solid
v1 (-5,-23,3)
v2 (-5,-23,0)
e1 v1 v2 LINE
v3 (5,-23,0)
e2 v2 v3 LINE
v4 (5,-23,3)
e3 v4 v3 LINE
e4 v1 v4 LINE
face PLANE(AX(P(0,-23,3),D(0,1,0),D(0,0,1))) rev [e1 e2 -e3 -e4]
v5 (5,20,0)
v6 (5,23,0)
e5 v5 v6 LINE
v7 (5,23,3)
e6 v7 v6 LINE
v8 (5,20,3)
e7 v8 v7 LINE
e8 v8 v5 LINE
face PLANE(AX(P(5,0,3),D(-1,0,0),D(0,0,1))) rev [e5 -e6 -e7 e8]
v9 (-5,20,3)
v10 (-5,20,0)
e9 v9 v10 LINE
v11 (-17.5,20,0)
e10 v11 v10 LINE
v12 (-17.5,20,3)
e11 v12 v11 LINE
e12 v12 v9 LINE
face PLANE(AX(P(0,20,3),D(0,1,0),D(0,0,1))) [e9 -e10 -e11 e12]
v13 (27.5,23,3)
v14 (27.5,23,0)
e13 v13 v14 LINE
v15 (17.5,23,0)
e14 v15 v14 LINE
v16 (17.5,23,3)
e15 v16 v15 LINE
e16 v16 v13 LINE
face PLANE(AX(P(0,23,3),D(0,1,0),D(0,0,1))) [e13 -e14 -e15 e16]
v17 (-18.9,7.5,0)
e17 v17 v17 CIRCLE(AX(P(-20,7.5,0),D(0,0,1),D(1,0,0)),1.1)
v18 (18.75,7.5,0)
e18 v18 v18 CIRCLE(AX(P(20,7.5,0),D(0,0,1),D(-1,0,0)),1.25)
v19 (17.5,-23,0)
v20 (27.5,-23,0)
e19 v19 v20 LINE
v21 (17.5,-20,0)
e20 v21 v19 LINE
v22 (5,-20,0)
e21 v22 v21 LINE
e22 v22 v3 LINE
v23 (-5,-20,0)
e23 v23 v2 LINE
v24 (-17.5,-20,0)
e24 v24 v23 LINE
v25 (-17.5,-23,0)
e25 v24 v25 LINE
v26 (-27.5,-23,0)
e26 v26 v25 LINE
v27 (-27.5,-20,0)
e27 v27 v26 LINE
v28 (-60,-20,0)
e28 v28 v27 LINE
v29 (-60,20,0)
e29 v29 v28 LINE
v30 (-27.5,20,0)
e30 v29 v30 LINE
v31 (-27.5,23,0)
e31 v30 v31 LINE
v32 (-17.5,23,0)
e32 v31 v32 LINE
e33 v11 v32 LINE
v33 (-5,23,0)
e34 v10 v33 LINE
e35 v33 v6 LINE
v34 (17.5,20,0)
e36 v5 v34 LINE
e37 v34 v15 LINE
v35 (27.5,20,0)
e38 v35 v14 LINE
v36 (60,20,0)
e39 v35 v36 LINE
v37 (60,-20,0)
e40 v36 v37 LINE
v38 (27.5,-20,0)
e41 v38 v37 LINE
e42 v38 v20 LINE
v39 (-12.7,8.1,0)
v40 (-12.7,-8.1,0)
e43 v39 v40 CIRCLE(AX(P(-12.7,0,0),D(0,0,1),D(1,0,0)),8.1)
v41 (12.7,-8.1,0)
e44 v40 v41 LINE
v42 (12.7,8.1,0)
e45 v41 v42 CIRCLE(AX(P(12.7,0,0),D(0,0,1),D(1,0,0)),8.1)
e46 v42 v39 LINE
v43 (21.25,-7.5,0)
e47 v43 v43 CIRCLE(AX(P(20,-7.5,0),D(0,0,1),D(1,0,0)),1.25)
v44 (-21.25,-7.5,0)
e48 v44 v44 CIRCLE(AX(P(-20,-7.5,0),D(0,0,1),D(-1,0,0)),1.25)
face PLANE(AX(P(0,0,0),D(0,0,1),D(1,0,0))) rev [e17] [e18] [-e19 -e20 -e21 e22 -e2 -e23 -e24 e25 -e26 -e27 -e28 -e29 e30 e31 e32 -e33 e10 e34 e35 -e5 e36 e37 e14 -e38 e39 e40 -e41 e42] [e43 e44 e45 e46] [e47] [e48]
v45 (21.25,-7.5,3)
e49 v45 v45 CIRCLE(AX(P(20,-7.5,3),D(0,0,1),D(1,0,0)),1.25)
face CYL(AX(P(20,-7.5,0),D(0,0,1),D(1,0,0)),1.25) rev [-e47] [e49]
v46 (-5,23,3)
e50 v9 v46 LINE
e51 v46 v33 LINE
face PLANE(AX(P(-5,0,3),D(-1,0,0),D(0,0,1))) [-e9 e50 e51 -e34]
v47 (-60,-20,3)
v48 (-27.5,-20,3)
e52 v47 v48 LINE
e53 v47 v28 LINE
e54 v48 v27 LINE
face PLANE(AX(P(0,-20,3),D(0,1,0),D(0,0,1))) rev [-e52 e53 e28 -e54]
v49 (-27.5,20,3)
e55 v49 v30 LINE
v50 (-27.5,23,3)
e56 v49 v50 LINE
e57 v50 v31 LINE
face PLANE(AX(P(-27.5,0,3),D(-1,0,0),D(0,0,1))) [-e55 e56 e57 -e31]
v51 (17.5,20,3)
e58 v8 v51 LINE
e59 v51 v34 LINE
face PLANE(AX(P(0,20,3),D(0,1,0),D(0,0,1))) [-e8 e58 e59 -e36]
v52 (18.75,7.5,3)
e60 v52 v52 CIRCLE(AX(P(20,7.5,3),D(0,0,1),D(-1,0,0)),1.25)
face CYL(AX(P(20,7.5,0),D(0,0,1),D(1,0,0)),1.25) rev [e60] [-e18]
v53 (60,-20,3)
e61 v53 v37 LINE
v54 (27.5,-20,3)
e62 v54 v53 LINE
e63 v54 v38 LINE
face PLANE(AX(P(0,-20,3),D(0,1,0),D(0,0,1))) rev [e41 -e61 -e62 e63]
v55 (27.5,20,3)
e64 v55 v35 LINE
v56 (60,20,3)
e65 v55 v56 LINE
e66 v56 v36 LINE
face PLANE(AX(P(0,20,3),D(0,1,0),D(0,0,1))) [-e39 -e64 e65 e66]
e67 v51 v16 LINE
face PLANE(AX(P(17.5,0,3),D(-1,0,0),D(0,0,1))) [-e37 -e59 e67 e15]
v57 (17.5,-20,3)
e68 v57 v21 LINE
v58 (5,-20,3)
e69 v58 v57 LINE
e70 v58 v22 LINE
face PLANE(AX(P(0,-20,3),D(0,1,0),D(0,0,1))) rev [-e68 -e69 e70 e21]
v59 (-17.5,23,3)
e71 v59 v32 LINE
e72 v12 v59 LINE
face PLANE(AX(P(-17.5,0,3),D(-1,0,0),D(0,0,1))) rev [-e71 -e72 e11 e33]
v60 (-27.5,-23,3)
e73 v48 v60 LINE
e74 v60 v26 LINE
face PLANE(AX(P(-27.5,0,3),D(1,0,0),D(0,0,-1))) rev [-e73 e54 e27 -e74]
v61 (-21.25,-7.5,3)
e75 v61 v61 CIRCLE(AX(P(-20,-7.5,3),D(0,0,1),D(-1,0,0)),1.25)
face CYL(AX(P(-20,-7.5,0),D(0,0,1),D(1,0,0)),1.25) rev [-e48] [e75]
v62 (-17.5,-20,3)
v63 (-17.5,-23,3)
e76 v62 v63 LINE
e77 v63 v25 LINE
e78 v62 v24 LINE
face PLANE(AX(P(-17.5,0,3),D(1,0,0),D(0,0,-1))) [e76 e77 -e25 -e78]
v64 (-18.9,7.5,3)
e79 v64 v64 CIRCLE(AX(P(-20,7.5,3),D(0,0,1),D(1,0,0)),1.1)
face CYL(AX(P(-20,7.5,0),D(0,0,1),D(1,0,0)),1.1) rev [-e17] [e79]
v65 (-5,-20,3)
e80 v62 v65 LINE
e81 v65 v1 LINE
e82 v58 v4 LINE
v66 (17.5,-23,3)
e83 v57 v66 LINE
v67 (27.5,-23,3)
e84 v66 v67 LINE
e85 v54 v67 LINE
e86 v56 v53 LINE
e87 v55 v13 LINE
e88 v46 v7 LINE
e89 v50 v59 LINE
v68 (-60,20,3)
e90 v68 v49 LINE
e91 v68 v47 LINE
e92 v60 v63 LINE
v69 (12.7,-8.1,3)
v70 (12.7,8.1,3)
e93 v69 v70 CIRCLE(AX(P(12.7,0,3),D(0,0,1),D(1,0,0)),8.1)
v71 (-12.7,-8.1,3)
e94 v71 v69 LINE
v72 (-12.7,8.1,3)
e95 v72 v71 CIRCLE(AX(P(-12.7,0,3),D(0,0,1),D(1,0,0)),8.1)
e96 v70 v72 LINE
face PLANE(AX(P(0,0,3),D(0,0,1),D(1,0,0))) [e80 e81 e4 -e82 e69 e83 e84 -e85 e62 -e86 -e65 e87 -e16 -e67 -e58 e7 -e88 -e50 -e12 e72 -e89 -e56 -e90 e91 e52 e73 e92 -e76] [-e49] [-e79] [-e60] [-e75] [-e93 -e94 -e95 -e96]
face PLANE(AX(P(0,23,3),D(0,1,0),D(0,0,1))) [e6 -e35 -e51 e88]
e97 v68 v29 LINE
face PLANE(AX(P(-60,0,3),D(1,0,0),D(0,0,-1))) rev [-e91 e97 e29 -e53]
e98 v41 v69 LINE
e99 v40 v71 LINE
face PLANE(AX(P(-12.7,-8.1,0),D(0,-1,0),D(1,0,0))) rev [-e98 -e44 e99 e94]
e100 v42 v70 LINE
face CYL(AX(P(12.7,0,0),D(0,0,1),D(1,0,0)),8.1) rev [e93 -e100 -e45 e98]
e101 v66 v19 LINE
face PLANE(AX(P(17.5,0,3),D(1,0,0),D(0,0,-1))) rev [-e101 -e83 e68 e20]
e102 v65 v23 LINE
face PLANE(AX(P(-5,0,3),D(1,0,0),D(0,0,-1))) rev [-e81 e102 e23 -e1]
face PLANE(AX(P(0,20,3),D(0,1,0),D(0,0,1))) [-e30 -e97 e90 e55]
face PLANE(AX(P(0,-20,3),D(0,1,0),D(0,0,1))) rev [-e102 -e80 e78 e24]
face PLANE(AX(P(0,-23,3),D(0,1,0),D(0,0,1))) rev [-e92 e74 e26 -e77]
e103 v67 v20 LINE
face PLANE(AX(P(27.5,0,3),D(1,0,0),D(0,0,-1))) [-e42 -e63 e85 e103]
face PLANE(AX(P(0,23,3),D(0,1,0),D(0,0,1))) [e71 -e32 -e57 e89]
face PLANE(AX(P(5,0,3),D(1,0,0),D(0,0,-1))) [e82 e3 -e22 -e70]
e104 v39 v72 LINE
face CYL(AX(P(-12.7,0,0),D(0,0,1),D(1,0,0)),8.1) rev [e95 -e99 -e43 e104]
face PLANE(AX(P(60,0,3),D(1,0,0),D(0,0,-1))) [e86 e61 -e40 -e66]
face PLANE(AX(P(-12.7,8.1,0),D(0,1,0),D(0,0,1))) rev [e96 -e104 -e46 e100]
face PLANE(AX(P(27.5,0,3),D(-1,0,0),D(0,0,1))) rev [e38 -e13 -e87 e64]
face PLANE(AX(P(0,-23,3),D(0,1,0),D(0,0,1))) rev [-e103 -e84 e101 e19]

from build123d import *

# Parameters (mm, degrees)
SKETCH1_W           = 10
SKETCH1_H           = 3
BOSS_EXTRUDE1_DEPTH = 3
SKETCH2_R           = 1.1
SKETCH2_R_2         = 1.25
SKETCH2_R_3         = 8.1
CUT_EXTRUDE1_DEPTH  = 65.327288144
SKETCH3_W           = 25.4
SKETCH3_H           = 16.2
CUT_EXTRUDE2_DEPTH  = 65.327288144


with BuildPart() as part:
    # Sketch1 → Boss-Extrude1 (new body)
    with BuildSketch(Plane.XY):
        Polygon((-60, 20), (-60, 0), (60, 0), (60, 20), (27.5, 20), (17.5, 20), (5, 20), (-5, 20), (-17.5, 20), (-27.5, 20), align=None)
        Polygon((60, 0), (-60, 0), (-60, -20), (-27.5, -20), (-17.5, -20), (-5, -20), (5, -20), (17.5, -20), (27.5, -20), (60, -20), align=None)
        with Locations((-22.5, 21.5)):
            Rectangle(SKETCH1_W, SKETCH1_H)
        with Locations((0, 21.5)):
            Rectangle(SKETCH1_W, SKETCH1_H)
        with Locations((22.5, 21.5)):
            Rectangle(SKETCH1_W, SKETCH1_H)
        with Locations((22.5, -21.5)):
            Rectangle(SKETCH1_W, SKETCH1_H)
        with Locations((0, -21.5)):
            Rectangle(SKETCH1_W, SKETCH1_H)
        with Locations((-22.5, -21.5)):
            Rectangle(SKETCH1_W, SKETCH1_H)
    extrude(amount=BOSS_EXTRUDE1_DEPTH)

    # Sketch2 → Cut-Extrude1 (cut, through all)
    with BuildSketch(Plane.XY.offset(3)):
        with Locations((-20, 7.5)):
            Circle(SKETCH2_R)
        with Locations(Location((-20, -7.5, 0), (0, 0, 180))):
            Circle(SKETCH2_R_2)
        with Locations((20, -7.5)):
            Circle(SKETCH2_R_2)
        with Locations(Location((20, 7.5, 0), (0, 0, 180))):
            Circle(SKETCH2_R_2)
        with Locations((-12.7, 0)):
            Circle(SKETCH2_R_3)
        with Locations((12.7, 0)):
            Circle(SKETCH2_R_3)
    extrude(amount=-CUT_EXTRUDE1_DEPTH, mode=Mode.SUBTRACT)

    # Sketch3 → Cut-Extrude2 (cut, through all)
    with BuildSketch(Plane.XY.offset(3)):
        Rectangle(SKETCH3_W, SKETCH3_H)
    extrude(amount=-CUT_EXTRUDE2_DEPTH, mode=Mode.SUBTRACT)


solid = part.part
